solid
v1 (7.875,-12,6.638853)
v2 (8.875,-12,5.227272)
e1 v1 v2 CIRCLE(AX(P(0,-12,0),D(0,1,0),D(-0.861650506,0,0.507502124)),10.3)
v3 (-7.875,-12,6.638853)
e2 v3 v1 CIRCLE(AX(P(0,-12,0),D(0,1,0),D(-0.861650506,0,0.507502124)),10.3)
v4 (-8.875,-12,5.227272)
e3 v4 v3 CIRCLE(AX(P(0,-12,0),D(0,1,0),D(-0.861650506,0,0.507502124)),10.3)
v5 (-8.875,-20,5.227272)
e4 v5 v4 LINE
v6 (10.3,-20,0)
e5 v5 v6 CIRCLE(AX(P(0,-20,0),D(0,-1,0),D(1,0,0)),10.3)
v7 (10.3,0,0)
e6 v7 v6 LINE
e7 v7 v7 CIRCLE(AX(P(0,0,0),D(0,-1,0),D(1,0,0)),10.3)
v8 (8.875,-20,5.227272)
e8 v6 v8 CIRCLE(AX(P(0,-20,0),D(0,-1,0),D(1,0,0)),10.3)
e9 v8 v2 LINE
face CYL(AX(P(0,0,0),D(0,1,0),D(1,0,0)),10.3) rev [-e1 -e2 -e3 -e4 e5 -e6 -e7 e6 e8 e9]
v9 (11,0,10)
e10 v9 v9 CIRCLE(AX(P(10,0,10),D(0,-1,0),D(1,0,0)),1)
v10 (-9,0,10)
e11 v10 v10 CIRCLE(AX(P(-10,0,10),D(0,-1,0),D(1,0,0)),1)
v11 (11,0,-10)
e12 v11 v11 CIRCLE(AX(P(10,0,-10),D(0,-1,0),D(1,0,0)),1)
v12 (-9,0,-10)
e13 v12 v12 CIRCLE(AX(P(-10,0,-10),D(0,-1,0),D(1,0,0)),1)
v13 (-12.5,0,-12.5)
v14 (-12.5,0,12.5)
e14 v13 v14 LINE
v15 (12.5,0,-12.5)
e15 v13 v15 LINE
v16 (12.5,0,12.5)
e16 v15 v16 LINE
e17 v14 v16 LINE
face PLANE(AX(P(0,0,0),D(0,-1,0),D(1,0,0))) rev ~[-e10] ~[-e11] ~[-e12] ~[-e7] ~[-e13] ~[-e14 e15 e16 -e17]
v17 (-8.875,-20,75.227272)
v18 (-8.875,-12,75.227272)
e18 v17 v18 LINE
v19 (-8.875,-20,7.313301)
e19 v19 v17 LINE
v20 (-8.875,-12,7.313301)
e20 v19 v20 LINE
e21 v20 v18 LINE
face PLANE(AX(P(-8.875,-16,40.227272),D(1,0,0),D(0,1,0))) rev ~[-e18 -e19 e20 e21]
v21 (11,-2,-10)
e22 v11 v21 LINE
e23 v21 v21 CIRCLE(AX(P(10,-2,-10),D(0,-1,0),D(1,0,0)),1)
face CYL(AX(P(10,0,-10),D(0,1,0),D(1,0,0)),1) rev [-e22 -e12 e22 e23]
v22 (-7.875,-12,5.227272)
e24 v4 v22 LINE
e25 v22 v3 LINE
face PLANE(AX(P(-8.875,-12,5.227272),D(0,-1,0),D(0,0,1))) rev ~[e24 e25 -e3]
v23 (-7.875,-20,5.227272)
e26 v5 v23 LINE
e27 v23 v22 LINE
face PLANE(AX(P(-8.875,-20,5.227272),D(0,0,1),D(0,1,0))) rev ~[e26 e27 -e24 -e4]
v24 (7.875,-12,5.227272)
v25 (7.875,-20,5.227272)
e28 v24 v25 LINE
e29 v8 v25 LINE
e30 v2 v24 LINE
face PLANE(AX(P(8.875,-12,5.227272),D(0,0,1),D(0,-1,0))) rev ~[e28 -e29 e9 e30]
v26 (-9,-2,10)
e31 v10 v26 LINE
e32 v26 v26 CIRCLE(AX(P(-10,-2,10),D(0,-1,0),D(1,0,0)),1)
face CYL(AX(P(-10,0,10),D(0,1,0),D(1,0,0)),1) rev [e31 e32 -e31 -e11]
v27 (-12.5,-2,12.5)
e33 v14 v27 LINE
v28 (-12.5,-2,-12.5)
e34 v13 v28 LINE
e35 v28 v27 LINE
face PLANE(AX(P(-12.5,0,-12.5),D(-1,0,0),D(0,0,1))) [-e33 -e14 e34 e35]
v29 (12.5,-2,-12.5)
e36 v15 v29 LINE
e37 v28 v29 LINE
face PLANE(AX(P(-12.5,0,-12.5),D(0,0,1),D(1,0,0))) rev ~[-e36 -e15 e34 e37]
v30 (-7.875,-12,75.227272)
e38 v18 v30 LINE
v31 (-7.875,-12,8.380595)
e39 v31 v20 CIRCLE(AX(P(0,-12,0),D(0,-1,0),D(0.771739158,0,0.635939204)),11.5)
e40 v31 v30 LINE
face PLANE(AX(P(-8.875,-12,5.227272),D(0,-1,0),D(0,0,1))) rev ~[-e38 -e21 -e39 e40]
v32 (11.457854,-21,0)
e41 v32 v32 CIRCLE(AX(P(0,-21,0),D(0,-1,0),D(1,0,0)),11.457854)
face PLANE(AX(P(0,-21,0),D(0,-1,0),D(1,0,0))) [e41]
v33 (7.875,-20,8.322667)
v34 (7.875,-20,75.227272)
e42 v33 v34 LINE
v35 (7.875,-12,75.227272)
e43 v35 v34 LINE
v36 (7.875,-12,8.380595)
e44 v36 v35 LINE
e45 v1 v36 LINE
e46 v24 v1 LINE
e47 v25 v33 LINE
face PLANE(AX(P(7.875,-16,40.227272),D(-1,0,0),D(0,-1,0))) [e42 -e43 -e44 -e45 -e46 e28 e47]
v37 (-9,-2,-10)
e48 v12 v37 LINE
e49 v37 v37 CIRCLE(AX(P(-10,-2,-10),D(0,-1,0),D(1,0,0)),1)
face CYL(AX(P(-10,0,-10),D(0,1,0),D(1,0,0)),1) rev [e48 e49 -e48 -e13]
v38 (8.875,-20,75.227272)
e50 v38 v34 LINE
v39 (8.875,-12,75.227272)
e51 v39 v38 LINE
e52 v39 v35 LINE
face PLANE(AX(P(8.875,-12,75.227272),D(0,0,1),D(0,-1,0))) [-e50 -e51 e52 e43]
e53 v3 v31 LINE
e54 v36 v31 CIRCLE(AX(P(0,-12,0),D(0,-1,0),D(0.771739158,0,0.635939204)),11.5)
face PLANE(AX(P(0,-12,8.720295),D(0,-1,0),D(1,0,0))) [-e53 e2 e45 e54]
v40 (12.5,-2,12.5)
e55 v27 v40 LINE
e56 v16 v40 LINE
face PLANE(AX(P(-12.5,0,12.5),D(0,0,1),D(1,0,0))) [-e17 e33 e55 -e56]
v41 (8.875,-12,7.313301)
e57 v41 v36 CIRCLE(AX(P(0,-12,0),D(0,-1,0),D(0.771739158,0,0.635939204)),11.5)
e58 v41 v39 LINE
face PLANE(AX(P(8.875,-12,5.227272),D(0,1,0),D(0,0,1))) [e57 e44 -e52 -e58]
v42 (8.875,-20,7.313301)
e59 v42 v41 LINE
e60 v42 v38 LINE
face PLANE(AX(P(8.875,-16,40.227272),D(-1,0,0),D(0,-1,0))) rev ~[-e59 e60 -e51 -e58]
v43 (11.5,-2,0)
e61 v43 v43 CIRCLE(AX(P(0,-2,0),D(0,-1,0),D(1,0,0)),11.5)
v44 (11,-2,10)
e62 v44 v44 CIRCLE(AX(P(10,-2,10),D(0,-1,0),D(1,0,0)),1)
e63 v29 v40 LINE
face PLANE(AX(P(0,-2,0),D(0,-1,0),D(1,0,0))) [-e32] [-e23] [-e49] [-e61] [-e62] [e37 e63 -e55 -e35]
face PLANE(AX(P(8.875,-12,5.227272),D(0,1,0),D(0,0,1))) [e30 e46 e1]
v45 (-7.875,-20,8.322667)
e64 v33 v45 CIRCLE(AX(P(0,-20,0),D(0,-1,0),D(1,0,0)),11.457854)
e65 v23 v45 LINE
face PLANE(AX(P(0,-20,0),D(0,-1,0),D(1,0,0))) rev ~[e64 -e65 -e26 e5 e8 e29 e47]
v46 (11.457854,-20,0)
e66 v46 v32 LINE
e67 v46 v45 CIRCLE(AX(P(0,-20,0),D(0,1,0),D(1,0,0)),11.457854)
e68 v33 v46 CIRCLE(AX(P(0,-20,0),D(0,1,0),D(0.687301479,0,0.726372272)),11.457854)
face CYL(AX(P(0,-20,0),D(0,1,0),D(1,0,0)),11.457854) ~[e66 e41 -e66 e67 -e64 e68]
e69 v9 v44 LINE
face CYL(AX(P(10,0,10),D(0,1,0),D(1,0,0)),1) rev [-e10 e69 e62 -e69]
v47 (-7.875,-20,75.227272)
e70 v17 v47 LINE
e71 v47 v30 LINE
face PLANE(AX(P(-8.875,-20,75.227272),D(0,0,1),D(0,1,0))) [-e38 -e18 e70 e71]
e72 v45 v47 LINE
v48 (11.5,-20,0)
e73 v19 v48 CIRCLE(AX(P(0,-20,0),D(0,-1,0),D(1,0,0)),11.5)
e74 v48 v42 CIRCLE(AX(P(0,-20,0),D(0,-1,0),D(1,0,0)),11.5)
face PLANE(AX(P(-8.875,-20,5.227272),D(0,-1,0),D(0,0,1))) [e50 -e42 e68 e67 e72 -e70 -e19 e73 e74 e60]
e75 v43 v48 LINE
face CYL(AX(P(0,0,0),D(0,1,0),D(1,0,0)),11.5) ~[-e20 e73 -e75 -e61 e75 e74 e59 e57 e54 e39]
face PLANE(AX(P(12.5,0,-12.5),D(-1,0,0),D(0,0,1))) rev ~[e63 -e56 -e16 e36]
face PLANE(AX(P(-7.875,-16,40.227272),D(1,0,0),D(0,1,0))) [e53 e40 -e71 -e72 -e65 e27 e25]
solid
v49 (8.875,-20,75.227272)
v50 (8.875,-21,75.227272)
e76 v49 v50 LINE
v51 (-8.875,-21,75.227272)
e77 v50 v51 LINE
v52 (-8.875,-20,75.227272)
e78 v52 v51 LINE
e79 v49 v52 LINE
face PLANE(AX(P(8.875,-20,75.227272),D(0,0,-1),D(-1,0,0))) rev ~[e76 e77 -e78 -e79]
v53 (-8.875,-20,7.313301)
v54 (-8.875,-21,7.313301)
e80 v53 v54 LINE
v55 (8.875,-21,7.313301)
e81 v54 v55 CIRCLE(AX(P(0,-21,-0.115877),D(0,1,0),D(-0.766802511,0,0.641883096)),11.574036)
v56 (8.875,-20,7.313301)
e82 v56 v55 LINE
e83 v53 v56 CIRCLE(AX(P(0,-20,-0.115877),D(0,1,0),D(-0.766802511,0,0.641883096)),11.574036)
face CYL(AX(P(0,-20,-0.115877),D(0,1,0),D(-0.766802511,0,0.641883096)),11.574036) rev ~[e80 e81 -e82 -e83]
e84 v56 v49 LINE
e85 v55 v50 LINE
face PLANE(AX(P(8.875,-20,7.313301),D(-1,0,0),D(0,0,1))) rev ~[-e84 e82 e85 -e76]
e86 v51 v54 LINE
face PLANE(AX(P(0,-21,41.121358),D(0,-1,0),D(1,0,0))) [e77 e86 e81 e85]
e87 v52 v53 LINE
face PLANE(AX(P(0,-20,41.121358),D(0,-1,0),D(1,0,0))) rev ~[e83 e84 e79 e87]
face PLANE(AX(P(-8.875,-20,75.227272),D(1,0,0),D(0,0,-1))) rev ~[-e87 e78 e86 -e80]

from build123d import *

# Parameters (mm, degrees)
F0_R      = 11.5
F0_R_2    = 10.3
F1_DEPTH  = 20
F0_W      = 25
F0_H      = 25
F0_R_3    = 1
F2_DEPTH  = 2
F4_DEPTH  = 8
F5_R      = 11.457854
F6_DEPTH  = 1
F8_W      = 8
F8_H      = 70
F9_DEPTH  = 1
F7_W      = 8
F7_H      = 70
F10_DEPTH = 1
F12_DEPTH = 1


with BuildPart() as f1:
    # F0 (on Front) → F1 (new body)
    with BuildSketch(Plane.XZ):
        Circle(F0_R)
        Circle(F0_R_2, mode=Mode.SUBTRACT)
    extrude(amount=F1_DEPTH)

    # F0 (on Front) → F2 (join)
    with BuildSketch(Plane.XZ):
        Rectangle(F0_W, F0_H)
        with Locations((-10, -10)):
            Circle(F0_R_3, mode=Mode.SUBTRACT)
        with Locations((10, -10)):
            Circle(F0_R_3, mode=Mode.SUBTRACT)
        with Locations((-10, 10)):
            Circle(F0_R_3, mode=Mode.SUBTRACT)
        Circle(F0_R, mode=Mode.SUBTRACT)
        with Locations((10, 10)):
            Circle(F0_R_3, mode=Mode.SUBTRACT)
    extrude(amount=F2_DEPTH)

    # F3 (on face) → F4 (cut)
    with BuildSketch(Plane.XZ.offset(20)):
        with BuildLine():
            ThreePointArc((8.875, 7.313301), (0, 11.5), (-8.875, 7.313301))
            Line((-8.875, 7.313301), (-8.875, 5.227272))
            ThreePointArc((-8.875, 5.227272), (0, 10.3), (8.875, 5.227272))
            Line((8.875, 5.227272), (8.875, 7.313301))
        make_face()
    extrude(amount=-F4_DEPTH, mode=Mode.SUBTRACT)

    # F5 (on face) → F6 (join)
    with BuildSketch(Plane.XZ.offset(20)):
        Circle(F5_R)
    extrude(amount=F6_DEPTH)

    # F8 (on face) → F9 (join)
    with BuildSketch(Plane(origin=(8.875, 0, 0), x_dir=(0, -1, 0), z_dir=(-1, 0, 0))):
        with Locations((16, 40.227272)):
            Rectangle(F8_W, F8_H)
    extrude(amount=F9_DEPTH)

    # F7 (on face) → F10 (join)
    with BuildSketch(Plane.YZ.offset(-8.875)):
        with Locations((-16, 40.227272)):
            Rectangle(F7_W, F7_H)
    extrude(amount=F10_DEPTH)


with BuildPart() as f12:
    # F11 (on face) → F12 (new body)
    with BuildSketch(Plane.XZ.offset(20)):
        with BuildLine():
            Line((8.875, 75.227272), (-8.875, 75.227272))
            Line((-8.875, 75.227272), (-8.875, 7.313301))
            ThreePointArc((-8.875, 7.313301), (0, 11.458159), (8.875, 7.313301))
            Line((8.875, 7.313301), (8.875, 75.227272))
        make_face()
    extrude(amount=F12_DEPTH)


solid = Compound([f1.part, f12.part])
